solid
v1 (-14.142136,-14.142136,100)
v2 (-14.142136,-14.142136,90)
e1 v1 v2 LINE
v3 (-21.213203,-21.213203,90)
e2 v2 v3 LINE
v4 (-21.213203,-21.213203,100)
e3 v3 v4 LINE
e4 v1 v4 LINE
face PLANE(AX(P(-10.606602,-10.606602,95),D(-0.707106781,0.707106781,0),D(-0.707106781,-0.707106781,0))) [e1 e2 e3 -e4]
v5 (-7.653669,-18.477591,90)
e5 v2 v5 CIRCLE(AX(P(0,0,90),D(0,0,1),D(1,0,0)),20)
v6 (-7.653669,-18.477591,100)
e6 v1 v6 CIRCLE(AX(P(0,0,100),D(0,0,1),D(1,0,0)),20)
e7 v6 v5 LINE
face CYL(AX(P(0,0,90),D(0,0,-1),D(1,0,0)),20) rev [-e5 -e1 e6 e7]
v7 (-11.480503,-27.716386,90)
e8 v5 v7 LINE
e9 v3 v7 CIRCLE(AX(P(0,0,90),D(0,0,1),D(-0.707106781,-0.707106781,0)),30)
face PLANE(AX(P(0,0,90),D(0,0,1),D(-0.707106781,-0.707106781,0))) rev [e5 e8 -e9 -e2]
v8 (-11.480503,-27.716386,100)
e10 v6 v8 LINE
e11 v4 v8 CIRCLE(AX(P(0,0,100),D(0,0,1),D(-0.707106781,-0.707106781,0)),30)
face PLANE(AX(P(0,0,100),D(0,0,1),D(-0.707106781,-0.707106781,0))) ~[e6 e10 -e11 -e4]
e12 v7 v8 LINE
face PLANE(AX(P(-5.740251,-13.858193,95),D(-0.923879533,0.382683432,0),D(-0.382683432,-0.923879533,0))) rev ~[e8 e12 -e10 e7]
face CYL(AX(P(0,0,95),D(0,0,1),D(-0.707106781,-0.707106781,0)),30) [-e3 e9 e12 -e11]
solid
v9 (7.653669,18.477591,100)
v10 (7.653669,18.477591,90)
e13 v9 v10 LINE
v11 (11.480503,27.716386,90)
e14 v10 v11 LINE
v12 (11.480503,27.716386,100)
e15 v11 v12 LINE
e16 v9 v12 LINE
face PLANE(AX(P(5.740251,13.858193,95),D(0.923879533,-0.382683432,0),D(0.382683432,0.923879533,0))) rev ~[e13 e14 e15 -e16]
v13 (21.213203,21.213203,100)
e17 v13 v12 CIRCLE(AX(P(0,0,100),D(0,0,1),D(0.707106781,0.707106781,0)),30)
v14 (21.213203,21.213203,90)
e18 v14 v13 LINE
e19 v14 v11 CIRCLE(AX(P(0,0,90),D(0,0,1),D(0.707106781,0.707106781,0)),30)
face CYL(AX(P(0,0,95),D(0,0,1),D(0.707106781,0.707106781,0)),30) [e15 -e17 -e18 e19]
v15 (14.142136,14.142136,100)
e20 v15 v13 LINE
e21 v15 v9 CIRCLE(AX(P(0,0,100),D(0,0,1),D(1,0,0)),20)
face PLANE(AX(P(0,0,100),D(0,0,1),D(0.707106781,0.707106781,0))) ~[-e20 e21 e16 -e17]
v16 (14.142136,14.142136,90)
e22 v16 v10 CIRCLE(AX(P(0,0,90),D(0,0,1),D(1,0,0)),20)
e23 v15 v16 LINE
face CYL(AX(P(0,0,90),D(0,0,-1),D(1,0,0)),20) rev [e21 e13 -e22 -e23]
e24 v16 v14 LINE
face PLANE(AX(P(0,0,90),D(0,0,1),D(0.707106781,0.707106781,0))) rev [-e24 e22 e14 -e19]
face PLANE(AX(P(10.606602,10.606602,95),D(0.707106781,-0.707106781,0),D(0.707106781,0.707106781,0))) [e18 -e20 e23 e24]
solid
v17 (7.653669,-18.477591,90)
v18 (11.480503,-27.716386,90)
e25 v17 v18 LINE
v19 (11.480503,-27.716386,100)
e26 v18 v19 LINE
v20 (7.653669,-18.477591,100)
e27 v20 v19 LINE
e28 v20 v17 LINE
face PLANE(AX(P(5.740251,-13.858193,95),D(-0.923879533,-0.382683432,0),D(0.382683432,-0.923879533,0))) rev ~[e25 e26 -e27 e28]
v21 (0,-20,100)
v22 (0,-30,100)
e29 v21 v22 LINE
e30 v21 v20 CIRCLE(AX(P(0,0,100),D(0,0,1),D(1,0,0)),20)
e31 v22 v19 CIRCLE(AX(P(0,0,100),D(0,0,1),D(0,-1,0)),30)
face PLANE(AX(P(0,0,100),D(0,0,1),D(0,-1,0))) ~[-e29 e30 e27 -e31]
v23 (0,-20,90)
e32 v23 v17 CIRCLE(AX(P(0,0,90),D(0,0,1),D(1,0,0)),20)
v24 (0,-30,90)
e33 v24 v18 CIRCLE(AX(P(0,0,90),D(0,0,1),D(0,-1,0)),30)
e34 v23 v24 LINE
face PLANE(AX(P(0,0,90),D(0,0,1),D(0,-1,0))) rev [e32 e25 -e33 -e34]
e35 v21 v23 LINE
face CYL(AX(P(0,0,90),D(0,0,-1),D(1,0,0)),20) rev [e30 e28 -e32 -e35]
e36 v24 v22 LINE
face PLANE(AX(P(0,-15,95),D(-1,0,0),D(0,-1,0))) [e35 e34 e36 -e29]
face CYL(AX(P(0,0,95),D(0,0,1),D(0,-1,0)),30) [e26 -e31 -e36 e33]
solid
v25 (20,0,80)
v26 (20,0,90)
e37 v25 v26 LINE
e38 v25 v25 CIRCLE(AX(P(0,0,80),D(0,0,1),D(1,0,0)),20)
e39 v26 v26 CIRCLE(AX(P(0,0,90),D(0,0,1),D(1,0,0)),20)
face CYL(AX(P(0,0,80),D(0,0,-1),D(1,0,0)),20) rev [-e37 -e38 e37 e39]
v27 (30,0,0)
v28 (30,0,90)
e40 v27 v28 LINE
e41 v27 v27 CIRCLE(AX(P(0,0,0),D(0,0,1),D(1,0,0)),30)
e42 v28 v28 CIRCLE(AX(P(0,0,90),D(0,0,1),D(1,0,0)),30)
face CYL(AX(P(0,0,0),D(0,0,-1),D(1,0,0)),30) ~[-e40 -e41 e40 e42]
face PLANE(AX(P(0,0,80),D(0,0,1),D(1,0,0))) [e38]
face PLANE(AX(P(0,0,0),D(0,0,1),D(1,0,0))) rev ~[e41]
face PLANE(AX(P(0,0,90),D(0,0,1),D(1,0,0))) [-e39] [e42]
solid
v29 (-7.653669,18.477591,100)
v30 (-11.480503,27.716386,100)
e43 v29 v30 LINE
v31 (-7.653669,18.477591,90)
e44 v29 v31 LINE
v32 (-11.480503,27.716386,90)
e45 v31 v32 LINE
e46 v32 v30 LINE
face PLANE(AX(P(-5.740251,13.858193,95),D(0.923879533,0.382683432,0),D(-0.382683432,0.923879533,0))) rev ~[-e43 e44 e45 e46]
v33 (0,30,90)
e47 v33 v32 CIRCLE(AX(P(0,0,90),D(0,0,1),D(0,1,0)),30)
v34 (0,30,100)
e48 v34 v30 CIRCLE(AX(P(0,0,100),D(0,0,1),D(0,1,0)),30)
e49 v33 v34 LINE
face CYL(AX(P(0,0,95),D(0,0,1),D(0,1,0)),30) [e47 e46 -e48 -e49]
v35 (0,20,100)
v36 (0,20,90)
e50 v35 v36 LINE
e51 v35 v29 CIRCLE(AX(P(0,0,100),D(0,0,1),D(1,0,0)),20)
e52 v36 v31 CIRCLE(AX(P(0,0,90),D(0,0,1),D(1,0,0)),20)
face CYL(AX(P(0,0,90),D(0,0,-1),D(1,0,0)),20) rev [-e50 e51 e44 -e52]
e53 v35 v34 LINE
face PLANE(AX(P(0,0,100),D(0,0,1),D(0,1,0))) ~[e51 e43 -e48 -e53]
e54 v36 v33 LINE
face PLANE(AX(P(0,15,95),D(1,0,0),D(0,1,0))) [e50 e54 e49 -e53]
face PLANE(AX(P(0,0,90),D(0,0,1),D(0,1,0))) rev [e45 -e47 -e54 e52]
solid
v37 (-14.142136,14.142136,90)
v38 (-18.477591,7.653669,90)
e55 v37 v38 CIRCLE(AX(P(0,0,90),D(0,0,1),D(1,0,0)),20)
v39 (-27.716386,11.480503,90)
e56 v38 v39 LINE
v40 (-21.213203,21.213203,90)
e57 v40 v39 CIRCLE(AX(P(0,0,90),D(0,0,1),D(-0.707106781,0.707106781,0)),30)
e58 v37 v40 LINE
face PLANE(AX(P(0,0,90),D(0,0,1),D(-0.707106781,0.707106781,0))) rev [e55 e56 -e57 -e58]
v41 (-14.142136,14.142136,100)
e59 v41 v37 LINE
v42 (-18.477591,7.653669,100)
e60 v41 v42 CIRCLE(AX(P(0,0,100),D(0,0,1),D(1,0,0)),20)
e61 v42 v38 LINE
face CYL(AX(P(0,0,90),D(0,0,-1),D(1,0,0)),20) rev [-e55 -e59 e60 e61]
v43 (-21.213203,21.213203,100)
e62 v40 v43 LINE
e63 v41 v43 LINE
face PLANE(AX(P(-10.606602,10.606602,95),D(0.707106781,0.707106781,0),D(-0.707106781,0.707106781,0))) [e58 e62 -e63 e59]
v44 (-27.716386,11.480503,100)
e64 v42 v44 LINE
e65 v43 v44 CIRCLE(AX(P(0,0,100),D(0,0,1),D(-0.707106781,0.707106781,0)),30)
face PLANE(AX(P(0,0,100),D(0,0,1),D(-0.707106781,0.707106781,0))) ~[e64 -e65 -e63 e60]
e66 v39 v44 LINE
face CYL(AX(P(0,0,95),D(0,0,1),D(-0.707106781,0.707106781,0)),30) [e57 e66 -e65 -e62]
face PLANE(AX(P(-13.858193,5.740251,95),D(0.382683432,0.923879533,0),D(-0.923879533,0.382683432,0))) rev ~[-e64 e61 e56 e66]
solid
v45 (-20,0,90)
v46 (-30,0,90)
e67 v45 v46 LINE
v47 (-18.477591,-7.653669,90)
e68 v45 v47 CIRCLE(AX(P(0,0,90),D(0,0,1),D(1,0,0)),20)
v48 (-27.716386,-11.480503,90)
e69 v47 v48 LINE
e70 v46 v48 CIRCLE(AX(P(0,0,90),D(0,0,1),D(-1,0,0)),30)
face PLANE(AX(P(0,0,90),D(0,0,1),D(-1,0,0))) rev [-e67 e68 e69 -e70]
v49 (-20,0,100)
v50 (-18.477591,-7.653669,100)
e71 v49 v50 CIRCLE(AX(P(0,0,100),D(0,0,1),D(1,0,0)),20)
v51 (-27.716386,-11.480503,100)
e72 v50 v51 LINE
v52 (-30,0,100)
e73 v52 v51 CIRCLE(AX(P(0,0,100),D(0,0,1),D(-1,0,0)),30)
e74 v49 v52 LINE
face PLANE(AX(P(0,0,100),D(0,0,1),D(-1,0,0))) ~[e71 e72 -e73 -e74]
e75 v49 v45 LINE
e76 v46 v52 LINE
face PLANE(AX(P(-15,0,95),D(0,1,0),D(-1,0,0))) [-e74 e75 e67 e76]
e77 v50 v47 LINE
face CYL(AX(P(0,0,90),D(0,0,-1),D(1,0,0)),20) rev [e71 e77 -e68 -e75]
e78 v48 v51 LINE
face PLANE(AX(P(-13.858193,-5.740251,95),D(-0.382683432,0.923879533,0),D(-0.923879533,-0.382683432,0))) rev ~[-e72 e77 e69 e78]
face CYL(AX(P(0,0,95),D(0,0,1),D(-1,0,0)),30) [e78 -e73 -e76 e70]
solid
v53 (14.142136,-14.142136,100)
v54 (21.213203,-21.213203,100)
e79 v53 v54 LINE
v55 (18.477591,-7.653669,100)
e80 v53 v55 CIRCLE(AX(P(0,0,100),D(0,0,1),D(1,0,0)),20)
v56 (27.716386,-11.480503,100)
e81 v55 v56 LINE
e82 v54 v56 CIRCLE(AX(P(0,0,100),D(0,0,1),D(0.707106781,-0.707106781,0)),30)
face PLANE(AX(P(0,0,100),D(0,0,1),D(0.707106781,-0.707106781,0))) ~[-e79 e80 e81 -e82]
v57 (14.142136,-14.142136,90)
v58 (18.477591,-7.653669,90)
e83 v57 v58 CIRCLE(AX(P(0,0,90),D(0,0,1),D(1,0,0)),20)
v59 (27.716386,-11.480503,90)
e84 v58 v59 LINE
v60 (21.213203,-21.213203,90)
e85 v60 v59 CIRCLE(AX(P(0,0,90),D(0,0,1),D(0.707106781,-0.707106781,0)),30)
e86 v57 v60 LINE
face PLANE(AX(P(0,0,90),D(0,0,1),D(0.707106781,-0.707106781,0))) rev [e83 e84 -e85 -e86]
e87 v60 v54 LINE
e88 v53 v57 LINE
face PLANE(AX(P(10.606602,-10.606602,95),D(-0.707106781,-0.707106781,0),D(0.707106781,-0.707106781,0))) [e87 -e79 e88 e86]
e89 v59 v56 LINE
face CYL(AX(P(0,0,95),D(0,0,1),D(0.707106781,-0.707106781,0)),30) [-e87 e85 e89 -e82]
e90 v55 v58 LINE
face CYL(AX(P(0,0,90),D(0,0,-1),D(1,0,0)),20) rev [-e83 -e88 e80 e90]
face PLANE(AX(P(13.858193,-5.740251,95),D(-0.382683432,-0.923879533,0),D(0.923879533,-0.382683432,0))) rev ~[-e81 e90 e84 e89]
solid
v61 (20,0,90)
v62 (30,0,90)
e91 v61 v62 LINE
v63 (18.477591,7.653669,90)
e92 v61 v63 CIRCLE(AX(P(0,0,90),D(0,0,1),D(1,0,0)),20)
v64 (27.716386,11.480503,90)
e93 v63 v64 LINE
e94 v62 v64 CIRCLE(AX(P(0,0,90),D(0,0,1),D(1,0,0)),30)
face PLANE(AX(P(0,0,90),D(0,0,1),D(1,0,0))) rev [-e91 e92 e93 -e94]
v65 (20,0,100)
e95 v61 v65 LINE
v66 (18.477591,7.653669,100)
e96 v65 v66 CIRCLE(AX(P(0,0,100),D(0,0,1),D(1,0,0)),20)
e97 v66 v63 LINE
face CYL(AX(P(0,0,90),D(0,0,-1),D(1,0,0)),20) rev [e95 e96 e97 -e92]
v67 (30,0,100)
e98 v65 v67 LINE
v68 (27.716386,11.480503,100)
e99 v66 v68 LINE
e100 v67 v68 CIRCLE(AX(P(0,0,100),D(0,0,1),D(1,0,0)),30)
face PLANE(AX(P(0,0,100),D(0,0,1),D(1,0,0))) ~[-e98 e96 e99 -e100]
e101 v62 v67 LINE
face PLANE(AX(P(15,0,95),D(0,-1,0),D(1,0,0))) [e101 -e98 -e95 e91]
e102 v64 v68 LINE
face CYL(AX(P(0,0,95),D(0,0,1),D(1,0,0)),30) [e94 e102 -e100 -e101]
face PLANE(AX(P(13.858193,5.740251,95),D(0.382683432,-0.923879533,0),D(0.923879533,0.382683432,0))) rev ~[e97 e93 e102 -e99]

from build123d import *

# Parameters (mm, degrees)
CYLINDER001_R               = 20
CYLINDER001_DEPTH           = 10
CYLINDER_R                  = 30
CYLINDER_DEPTH              = 90
CYLINDER010_R               = 20
CYLINDER010_DEPTH           = 10
CYLINDER009_W               = 30
CYLINDER009_H               = 10
CYLINDER009_ANGLE           = 22.5
CYLINDER009_PLACEMENT_ANGLE = 315
CYLINDER008_W               = 30
CYLINDER008_H               = 10
CYLINDER008_ANGLE           = 22.5
CYLINDER007_W               = 30
CYLINDER007_H               = 10
CYLINDER007_ANGLE           = 22.5
CYLINDER007_PLACEMENT_ANGLE = 225
CYLINDER006_W               = 30
CYLINDER006_H               = 10
CYLINDER006_ANGLE           = 22.5
CYLINDER005_W               = 30
CYLINDER005_H               = 10
CYLINDER005_ANGLE           = 22.5
CYLINDER005_PLACEMENT_ANGLE = 135
CYLINDER004_W               = 30
CYLINDER004_H               = 10
CYLINDER004_ANGLE           = 22.5
CYLINDER003_W               = 30
CYLINDER003_H               = 10
CYLINDER003_ANGLE           = 22.5
CYLINDER003_PLACEMENT_ANGLE = 45
CYLINDER002_W               = 30
CYLINDER002_H               = 10
CYLINDER002_ANGLE           = 22.5


with BuildPart() as cylinder001:
    # Cylinder001 → Cylinder001 (new body)
    with BuildSketch(Plane.XY.offset(80)):
        Circle(CYLINDER001_R)
    extrude(amount=CYLINDER001_DEPTH)


with BuildPart() as cut:
    # Cylinder → Cylinder (new body)
    with BuildSketch(Plane.XY):
        Circle(CYLINDER_R)
    extrude(amount=CYLINDER_DEPTH)

    # Cut: cut Cylinder001
    add(cylinder001.part, mode=Mode.SUBTRACT)


with BuildPart() as cylinder010:
    # Cylinder010 → Cylinder010 (new body)
    with BuildSketch(Plane.XY.offset(90)):
        Circle(CYLINDER010_R)
    extrude(amount=CYLINDER010_DEPTH)


with BuildPart() as cut001:
    # Cylinder009 → Cylinder009 (revolve)
    with BuildSketch(Plane.XZ):
        with Locations((15, 5)):
            Rectangle(CYLINDER009_W, CYLINDER009_H)
    revolve(axis=Axis((0, 0, 0), (0, 0, 1)), revolution_arc=CYLINDER009_ANGLE)


with BuildPart() as cut001_1:
    # Cylinder009 placement: moved
    add(cut001.part.moved(Location((0, 0, 90))).rotate(Axis((0, 0, 90), (0, 0, 1)), CYLINDER009_PLACEMENT_ANGLE))

    # Cut001: cut Cylinder010
    add(cylinder010.part, mode=Mode.SUBTRACT)


with BuildPart() as cut002:
    # Cylinder008 → Cylinder008 (revolve)
    with BuildSketch(Plane(origin=(0, 0, 90), x_dir=(0, -1, 0), z_dir=(-1, 0, 0))):
        with Locations((15, 5)):
            Rectangle(CYLINDER008_W, CYLINDER008_H)
    revolve(axis=Axis((0, 0, 90), (0, 0, 1)), revolution_arc=CYLINDER008_ANGLE)

    # Cut002: cut Cylinder010
    add(cylinder010.part, mode=Mode.SUBTRACT)


with BuildPart() as cut003:
    # Cylinder007 → Cylinder007 (revolve)
    with BuildSketch(Plane.XZ):
        with Locations((15, 5)):
            Rectangle(CYLINDER007_W, CYLINDER007_H)
    revolve(axis=Axis((0, 0, 0), (0, 0, 1)), revolution_arc=CYLINDER007_ANGLE)


with BuildPart() as cut003_1:
    # Cylinder007 placement: moved
    add(cut003.part.moved(Location((0, 0, 90))).rotate(Axis((0, 0, 90), (0, 0, 1)), CYLINDER007_PLACEMENT_ANGLE))

    # Cut003: cut Cylinder010
    add(cylinder010.part, mode=Mode.SUBTRACT)


with BuildPart() as cut004:
    # Cylinder006 → Cylinder006 (revolve)
    with BuildSketch(Plane(origin=(0, 0, 90), x_dir=(-1, 0, 0), z_dir=(0, 1, 0))):
        with Locations((15, 5)):
            Rectangle(CYLINDER006_W, CYLINDER006_H)
    revolve(axis=Axis((0, 0, 90), (0, 0, 1)), revolution_arc=CYLINDER006_ANGLE)

    # Cut004: cut Cylinder010
    add(cylinder010.part, mode=Mode.SUBTRACT)


with BuildPart() as cut005:
    # Cylinder005 → Cylinder005 (revolve)
    with BuildSketch(Plane.XZ):
        with Locations((15, 5)):
            Rectangle(CYLINDER005_W, CYLINDER005_H)
    revolve(axis=Axis((0, 0, 0), (0, 0, 1)), revolution_arc=CYLINDER005_ANGLE)


with BuildPart() as cut005_1:
    # Cylinder005 placement: moved
    add(cut005.part.moved(Location((0, 0, 90))).rotate(Axis((0, 0, 90), (0, 0, 1)), CYLINDER005_PLACEMENT_ANGLE))

    # Cut005: cut Cylinder010
    add(cylinder010.part, mode=Mode.SUBTRACT)


with BuildPart() as cut006:
    # Cylinder004 → Cylinder004 (revolve)
    with BuildSketch(Plane(origin=(0, 0, 90), x_dir=(0, 1, 0), z_dir=(1, 0, 0))):
        with Locations((15, 5)):
            Rectangle(CYLINDER004_W, CYLINDER004_H)
    revolve(axis=Axis((0, 0, 90), (0, 0, 1)), revolution_arc=CYLINDER004_ANGLE)

    # Cut006: cut Cylinder010
    add(cylinder010.part, mode=Mode.SUBTRACT)


with BuildPart() as cut007:
    # Cylinder003 → Cylinder003 (revolve)
    with BuildSketch(Plane.XZ):
        with Locations((15, 5)):
            Rectangle(CYLINDER003_W, CYLINDER003_H)
    revolve(axis=Axis((0, 0, 0), (0, 0, 1)), revolution_arc=CYLINDER003_ANGLE)


with BuildPart() as cut007_1:
    # Cylinder003 placement: moved
    add(cut007.part.moved(Location((0, 0, 90))).rotate(Axis((0, 0, 90), (0, 0, 1)), CYLINDER003_PLACEMENT_ANGLE))

    # Cut007: cut Cylinder010
    add(cylinder010.part, mode=Mode.SUBTRACT)


with BuildPart() as cut008:
    # Cylinder002 → Cylinder002 (revolve)
    with BuildSketch(Plane(origin=(0, 0, 90), x_dir=(1, 0, 0), z_dir=(0, -1, 0))):
        with Locations((15, 5)):
            Rectangle(CYLINDER002_W, CYLINDER002_H)
    revolve(axis=Axis((0, 0, 90), (0, 0, 1)), revolution_arc=CYLINDER002_ANGLE)

    # Cut008: cut Cylinder010
    add(cylinder010.part, mode=Mode.SUBTRACT)


solid = Compound([cut.part, cut001_1.part, cut002.part, cut003_1.part, cut004.part, cut005_1.part, cut006.part, cut007_1.part, cut008.part])
